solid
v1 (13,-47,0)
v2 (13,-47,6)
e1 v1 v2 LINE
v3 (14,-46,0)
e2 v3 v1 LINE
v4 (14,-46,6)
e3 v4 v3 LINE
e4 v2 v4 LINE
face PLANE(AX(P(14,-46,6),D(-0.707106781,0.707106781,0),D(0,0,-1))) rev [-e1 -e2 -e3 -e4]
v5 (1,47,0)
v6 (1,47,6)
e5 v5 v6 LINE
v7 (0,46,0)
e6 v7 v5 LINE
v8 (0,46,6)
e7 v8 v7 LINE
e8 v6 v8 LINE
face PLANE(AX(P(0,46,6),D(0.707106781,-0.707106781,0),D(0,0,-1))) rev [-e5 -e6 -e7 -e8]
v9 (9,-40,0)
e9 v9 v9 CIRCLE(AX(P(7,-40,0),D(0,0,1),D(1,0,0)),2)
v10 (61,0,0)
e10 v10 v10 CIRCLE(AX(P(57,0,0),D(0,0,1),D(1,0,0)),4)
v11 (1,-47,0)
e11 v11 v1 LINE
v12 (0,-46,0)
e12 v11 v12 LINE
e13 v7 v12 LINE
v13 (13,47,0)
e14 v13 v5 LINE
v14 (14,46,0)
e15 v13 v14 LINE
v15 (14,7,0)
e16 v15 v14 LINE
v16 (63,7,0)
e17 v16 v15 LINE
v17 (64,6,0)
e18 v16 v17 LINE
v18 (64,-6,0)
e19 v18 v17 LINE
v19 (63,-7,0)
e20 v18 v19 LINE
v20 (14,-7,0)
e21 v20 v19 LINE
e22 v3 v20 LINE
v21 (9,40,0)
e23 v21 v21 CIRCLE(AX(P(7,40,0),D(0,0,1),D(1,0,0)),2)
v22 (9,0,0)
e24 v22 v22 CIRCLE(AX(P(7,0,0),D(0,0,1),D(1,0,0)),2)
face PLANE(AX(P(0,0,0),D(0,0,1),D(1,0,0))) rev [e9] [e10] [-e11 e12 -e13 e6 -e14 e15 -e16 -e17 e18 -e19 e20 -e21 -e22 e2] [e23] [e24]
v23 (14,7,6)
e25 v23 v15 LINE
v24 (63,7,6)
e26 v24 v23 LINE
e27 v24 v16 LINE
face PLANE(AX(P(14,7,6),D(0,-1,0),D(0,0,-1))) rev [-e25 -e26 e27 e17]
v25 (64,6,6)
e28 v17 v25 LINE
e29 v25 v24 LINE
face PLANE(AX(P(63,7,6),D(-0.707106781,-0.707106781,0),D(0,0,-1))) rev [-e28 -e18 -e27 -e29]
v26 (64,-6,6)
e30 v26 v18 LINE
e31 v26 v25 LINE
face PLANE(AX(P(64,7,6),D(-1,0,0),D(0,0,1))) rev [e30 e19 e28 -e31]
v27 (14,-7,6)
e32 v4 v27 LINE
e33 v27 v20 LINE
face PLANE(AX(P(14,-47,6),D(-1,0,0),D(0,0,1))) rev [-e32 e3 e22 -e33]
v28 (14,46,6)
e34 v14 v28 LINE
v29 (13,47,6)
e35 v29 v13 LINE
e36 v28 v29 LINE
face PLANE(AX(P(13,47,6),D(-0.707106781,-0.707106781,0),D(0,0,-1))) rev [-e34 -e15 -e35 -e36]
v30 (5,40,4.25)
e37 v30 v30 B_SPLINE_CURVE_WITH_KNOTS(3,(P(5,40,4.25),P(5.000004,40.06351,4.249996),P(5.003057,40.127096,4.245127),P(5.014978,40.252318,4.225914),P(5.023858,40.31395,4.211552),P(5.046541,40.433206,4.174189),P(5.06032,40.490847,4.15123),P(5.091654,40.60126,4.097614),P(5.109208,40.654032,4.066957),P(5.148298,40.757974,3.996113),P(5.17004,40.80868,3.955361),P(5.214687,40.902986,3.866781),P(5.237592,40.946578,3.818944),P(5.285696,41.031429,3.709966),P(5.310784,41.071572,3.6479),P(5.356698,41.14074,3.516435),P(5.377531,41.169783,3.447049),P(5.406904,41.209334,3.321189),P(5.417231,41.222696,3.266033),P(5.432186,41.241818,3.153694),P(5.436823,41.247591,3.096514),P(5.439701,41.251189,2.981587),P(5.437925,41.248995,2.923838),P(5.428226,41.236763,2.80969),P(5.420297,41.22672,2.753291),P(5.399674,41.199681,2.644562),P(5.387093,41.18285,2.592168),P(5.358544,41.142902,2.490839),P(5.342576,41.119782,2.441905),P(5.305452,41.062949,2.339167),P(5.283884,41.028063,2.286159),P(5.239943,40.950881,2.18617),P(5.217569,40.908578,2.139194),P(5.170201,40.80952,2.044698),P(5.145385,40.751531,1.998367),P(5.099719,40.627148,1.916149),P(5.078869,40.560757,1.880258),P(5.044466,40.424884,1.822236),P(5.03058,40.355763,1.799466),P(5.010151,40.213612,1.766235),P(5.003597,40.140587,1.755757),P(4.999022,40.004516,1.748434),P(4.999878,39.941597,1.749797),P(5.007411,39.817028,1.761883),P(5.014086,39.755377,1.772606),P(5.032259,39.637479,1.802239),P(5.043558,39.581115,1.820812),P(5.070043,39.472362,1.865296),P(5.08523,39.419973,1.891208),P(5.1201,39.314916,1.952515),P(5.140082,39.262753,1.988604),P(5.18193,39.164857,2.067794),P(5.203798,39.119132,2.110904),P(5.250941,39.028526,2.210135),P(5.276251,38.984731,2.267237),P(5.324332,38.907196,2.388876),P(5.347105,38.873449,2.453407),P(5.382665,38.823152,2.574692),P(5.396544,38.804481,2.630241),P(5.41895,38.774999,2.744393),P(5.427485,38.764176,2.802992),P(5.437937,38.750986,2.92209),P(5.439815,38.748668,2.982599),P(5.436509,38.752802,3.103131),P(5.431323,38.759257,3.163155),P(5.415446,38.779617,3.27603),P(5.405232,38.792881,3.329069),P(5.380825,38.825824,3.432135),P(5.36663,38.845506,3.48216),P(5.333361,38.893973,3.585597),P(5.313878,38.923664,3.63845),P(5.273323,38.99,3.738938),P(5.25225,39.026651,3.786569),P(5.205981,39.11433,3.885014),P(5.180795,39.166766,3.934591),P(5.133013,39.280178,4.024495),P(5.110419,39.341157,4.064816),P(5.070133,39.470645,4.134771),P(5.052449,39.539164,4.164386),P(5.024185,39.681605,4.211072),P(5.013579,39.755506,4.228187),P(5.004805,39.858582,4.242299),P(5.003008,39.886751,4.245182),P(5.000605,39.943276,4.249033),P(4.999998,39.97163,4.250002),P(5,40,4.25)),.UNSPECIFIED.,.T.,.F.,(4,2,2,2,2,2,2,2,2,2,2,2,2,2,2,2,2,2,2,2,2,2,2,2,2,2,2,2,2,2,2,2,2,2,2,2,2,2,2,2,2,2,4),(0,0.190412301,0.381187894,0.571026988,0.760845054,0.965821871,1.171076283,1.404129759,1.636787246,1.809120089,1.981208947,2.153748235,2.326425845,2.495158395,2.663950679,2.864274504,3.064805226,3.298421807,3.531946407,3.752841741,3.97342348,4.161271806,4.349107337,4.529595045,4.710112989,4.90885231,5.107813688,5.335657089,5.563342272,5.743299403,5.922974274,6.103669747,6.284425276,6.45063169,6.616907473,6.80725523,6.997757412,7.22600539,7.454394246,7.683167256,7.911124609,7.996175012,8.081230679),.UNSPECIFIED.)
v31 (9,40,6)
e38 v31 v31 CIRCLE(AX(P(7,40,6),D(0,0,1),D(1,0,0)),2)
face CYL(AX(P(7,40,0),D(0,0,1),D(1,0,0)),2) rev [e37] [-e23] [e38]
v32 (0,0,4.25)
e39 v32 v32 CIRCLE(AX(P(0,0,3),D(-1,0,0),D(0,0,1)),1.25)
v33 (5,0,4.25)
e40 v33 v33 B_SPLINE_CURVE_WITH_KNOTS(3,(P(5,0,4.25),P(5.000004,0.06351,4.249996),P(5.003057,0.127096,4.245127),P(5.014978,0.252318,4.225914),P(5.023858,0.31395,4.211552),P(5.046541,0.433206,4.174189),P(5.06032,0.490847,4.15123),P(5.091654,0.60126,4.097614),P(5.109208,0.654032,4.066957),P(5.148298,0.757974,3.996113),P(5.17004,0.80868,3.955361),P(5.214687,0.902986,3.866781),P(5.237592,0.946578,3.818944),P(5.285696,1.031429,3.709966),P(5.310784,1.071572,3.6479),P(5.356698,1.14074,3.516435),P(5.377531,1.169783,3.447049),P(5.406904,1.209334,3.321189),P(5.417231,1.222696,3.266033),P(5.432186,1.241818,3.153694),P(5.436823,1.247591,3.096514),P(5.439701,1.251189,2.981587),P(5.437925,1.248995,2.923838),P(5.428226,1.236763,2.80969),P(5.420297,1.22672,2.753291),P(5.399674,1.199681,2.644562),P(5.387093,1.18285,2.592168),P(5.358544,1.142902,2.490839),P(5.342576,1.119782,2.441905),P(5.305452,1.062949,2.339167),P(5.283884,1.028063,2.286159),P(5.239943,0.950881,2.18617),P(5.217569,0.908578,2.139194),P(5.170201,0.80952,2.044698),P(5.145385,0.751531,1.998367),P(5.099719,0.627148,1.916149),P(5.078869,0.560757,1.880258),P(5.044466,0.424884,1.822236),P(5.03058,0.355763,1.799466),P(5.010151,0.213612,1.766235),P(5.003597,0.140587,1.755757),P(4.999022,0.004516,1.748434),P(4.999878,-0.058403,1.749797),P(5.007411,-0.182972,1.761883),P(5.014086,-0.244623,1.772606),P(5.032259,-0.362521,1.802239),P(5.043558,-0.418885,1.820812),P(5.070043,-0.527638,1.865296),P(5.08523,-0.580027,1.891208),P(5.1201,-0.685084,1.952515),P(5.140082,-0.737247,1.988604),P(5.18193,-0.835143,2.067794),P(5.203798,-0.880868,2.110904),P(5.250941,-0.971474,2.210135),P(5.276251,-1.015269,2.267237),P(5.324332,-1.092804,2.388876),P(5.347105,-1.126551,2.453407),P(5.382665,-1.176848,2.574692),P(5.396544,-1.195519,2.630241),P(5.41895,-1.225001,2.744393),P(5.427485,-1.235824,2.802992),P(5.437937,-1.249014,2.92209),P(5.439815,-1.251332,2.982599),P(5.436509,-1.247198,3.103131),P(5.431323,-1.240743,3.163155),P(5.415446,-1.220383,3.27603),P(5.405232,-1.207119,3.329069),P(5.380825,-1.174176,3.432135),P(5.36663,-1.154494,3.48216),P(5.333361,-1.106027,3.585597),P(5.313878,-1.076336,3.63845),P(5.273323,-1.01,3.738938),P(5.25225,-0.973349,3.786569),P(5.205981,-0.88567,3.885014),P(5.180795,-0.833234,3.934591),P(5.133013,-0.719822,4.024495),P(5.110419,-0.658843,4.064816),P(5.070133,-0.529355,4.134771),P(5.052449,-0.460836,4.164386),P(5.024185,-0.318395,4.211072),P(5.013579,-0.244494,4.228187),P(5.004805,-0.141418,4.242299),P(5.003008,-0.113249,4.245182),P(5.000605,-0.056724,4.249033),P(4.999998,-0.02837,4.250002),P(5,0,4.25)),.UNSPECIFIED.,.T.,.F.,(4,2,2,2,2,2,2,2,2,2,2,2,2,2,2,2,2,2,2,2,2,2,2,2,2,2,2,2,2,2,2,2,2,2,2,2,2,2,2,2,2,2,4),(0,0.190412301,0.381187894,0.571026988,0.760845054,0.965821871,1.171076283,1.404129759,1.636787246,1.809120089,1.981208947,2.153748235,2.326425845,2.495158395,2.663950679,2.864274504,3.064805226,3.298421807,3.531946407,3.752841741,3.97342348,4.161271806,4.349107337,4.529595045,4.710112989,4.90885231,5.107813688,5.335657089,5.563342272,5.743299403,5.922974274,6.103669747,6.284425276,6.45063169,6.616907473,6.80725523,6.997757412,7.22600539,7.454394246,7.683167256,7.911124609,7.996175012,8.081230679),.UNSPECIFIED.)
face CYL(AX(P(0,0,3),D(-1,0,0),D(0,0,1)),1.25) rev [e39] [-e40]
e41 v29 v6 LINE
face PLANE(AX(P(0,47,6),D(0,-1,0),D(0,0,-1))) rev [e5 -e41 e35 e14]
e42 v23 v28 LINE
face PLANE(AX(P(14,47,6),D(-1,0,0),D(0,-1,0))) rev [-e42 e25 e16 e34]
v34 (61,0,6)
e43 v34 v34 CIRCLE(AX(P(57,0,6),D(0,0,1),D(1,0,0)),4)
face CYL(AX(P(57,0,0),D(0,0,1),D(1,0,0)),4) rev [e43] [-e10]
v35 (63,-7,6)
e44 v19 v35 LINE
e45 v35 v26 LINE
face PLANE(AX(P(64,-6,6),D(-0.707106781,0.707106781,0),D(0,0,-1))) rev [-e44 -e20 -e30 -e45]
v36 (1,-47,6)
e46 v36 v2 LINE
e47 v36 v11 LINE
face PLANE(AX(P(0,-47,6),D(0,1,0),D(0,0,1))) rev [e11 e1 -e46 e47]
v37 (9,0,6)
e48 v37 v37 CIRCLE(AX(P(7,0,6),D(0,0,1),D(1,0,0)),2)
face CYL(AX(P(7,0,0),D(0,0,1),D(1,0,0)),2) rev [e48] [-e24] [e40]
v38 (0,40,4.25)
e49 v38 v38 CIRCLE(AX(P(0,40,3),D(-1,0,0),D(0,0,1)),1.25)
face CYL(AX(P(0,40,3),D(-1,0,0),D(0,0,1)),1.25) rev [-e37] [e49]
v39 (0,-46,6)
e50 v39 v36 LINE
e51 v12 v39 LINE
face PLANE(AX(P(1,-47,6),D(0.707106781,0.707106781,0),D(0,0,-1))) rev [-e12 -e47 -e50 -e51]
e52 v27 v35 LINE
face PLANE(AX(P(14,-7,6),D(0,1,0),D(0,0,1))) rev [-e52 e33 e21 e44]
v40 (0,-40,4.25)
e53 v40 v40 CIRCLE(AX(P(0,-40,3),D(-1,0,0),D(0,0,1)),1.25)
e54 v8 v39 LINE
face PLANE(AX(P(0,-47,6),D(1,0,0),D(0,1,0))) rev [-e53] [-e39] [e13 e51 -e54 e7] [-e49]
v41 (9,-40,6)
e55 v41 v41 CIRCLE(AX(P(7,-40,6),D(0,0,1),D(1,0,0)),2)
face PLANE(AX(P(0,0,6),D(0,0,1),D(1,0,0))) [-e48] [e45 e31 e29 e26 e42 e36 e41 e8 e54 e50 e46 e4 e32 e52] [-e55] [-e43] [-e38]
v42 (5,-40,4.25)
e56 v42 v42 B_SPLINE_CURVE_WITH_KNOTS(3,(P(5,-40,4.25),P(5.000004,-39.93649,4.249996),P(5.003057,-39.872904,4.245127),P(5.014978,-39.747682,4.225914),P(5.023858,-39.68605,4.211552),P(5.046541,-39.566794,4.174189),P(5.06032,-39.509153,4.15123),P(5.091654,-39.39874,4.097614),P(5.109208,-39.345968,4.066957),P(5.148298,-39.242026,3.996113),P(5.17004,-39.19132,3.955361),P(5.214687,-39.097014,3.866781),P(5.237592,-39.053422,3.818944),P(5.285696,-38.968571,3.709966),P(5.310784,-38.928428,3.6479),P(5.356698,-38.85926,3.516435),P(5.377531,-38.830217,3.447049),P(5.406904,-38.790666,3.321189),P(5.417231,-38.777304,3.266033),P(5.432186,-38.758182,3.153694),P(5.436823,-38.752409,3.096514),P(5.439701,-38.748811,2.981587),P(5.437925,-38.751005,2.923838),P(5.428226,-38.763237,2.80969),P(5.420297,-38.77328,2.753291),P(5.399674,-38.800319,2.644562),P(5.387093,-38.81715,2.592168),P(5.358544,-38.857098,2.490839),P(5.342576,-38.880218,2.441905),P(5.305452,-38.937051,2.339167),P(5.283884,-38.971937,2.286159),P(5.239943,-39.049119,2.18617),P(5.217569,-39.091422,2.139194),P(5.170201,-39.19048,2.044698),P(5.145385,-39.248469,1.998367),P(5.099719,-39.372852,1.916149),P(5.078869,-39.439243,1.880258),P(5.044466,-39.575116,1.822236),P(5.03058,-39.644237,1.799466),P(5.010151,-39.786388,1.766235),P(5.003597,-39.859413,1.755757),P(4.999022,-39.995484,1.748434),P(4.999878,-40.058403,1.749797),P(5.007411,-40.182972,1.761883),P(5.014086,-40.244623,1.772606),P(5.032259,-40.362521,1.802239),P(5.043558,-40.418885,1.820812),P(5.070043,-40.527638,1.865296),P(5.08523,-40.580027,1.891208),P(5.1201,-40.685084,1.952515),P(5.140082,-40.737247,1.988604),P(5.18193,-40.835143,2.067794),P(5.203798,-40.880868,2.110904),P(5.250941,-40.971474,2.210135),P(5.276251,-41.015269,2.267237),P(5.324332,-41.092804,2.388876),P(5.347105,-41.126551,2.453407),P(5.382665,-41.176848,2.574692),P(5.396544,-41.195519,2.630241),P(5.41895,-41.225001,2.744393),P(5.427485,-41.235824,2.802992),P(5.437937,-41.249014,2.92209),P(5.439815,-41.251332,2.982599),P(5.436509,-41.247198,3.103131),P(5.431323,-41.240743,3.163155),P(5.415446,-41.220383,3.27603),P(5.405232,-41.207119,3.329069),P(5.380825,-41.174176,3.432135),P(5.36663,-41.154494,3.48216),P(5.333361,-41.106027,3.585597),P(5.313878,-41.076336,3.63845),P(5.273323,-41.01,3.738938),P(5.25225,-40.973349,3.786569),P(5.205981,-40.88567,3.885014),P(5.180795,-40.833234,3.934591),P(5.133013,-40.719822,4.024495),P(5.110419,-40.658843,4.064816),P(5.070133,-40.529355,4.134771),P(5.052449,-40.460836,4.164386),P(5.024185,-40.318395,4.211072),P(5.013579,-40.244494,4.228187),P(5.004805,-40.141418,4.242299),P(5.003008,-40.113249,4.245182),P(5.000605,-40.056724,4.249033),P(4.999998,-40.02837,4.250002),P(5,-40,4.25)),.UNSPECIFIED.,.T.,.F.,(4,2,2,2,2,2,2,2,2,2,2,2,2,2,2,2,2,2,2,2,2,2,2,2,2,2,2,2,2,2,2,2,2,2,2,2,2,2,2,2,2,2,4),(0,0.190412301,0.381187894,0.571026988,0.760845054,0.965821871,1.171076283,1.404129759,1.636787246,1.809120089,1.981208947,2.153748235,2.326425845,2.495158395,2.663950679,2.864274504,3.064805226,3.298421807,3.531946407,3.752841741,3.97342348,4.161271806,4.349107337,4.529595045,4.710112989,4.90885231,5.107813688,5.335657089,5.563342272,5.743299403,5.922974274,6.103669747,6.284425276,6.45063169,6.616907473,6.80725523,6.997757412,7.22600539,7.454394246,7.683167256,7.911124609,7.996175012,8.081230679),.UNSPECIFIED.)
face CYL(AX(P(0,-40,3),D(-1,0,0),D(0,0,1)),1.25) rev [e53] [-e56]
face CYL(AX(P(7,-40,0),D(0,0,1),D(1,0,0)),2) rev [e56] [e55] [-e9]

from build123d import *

# Parameters (mm, degrees)
EXTRUDE_1_DEPTH     = 6
SKETCH_4_R          = 2
SKETCH_4_R_2        = 4
CUT_EXTRUDE_2_DEPTH = 80.630396206
M3X0_5_1_REACH      = 81.63
M3X0_5_1_BORE_R     = 1.25
CHAMFER_1_SIZE      = 1


with BuildPart() as part:
    # ｽｹｯﾁ3 → ﾎﾞｽ - 押し出し1 (new body)
    with BuildSketch(Plane.XY):
        Polygon((0, -47), (0, 47), (14, 47), (14, 7), (64, 7), (64, -7), (14, -7), (14, -47), align=None)
    extrude(amount=EXTRUDE_1_DEPTH)

    # ｽｹｯﾁ4 → ｶｯﾄ - 押し出し2 (cut, through all)
    with BuildSketch(Plane.XY.offset(6)):
        with Locations((7, 40)):
            Circle(SKETCH_4_R)
        with Locations((7, -40)):
            Circle(SKETCH_4_R)
        with Locations((7, 0)):
            Circle(SKETCH_4_R)
        with Locations((57, 0)):
            Circle(SKETCH_4_R_2)
    extrude(amount=-CUT_EXTRUDE_2_DEPTH, mode=Mode.SUBTRACT)

    # M3x0.5 ねじ穴1 bore → M3x0.5 ねじ穴1 (cut, up to next)
    with BuildSketch(Plane.ZY, mode=Mode.PRIVATE) as m3x0_5_1_sk1:
        with Locations((3, -40)):
            Circle(M3X0_5_1_BORE_R)
    m3x0_5_1_tool1 = extrude(m3x0_5_1_sk1.sketch, amount=-M3X0_5_1_REACH, mode=Mode.PRIVATE) & part.part
    # M3x0.5 ねじ穴1 bore → M3x0.5 ねじ穴1 (cut, up to next)
    with BuildSketch(Plane.ZY, mode=Mode.PRIVATE) as m3x0_5_1_sk2:
        with Locations((3, 40)):
            Circle(M3X0_5_1_BORE_R)
    m3x0_5_1_tool2 = extrude(m3x0_5_1_sk2.sketch, amount=-M3X0_5_1_REACH, mode=Mode.PRIVATE) & part.part
    # M3x0.5 ねじ穴1 bore → M3x0.5 ねじ穴1 (cut, up to next)
    with BuildSketch(Plane.ZY, mode=Mode.PRIVATE) as m3x0_5_1_sk3:
        with Locations((3, 0)):
            Circle(M3X0_5_1_BORE_R)
    m3x0_5_1_tool3 = extrude(m3x0_5_1_sk3.sketch, amount=-M3X0_5_1_REACH, mode=Mode.PRIVATE) & part.part
    add(m3x0_5_1_tool1.solids().sort_by_distance((0, -40, 3))[0], mode=Mode.SUBTRACT)
    add(m3x0_5_1_tool2.solids().sort_by_distance((0, 40, 3))[0], mode=Mode.SUBTRACT)
    add(m3x0_5_1_tool3.solids().sort_by_distance((0, 0, 3))[0], mode=Mode.SUBTRACT)

    # 面取り1
    chamfer_1_edges = [part.edges().sort_by_distance(p)[0] for p in [
        (64, 7, 3),
        (64, -7, 3),
        (14, -47, 3),
        (0, -47, 3),
        (0, 47, 3),
        (14, 47, 3),
    ]]
    chamfer(chamfer_1_edges, length=CHAMFER_1_SIZE)


solid = part.part
